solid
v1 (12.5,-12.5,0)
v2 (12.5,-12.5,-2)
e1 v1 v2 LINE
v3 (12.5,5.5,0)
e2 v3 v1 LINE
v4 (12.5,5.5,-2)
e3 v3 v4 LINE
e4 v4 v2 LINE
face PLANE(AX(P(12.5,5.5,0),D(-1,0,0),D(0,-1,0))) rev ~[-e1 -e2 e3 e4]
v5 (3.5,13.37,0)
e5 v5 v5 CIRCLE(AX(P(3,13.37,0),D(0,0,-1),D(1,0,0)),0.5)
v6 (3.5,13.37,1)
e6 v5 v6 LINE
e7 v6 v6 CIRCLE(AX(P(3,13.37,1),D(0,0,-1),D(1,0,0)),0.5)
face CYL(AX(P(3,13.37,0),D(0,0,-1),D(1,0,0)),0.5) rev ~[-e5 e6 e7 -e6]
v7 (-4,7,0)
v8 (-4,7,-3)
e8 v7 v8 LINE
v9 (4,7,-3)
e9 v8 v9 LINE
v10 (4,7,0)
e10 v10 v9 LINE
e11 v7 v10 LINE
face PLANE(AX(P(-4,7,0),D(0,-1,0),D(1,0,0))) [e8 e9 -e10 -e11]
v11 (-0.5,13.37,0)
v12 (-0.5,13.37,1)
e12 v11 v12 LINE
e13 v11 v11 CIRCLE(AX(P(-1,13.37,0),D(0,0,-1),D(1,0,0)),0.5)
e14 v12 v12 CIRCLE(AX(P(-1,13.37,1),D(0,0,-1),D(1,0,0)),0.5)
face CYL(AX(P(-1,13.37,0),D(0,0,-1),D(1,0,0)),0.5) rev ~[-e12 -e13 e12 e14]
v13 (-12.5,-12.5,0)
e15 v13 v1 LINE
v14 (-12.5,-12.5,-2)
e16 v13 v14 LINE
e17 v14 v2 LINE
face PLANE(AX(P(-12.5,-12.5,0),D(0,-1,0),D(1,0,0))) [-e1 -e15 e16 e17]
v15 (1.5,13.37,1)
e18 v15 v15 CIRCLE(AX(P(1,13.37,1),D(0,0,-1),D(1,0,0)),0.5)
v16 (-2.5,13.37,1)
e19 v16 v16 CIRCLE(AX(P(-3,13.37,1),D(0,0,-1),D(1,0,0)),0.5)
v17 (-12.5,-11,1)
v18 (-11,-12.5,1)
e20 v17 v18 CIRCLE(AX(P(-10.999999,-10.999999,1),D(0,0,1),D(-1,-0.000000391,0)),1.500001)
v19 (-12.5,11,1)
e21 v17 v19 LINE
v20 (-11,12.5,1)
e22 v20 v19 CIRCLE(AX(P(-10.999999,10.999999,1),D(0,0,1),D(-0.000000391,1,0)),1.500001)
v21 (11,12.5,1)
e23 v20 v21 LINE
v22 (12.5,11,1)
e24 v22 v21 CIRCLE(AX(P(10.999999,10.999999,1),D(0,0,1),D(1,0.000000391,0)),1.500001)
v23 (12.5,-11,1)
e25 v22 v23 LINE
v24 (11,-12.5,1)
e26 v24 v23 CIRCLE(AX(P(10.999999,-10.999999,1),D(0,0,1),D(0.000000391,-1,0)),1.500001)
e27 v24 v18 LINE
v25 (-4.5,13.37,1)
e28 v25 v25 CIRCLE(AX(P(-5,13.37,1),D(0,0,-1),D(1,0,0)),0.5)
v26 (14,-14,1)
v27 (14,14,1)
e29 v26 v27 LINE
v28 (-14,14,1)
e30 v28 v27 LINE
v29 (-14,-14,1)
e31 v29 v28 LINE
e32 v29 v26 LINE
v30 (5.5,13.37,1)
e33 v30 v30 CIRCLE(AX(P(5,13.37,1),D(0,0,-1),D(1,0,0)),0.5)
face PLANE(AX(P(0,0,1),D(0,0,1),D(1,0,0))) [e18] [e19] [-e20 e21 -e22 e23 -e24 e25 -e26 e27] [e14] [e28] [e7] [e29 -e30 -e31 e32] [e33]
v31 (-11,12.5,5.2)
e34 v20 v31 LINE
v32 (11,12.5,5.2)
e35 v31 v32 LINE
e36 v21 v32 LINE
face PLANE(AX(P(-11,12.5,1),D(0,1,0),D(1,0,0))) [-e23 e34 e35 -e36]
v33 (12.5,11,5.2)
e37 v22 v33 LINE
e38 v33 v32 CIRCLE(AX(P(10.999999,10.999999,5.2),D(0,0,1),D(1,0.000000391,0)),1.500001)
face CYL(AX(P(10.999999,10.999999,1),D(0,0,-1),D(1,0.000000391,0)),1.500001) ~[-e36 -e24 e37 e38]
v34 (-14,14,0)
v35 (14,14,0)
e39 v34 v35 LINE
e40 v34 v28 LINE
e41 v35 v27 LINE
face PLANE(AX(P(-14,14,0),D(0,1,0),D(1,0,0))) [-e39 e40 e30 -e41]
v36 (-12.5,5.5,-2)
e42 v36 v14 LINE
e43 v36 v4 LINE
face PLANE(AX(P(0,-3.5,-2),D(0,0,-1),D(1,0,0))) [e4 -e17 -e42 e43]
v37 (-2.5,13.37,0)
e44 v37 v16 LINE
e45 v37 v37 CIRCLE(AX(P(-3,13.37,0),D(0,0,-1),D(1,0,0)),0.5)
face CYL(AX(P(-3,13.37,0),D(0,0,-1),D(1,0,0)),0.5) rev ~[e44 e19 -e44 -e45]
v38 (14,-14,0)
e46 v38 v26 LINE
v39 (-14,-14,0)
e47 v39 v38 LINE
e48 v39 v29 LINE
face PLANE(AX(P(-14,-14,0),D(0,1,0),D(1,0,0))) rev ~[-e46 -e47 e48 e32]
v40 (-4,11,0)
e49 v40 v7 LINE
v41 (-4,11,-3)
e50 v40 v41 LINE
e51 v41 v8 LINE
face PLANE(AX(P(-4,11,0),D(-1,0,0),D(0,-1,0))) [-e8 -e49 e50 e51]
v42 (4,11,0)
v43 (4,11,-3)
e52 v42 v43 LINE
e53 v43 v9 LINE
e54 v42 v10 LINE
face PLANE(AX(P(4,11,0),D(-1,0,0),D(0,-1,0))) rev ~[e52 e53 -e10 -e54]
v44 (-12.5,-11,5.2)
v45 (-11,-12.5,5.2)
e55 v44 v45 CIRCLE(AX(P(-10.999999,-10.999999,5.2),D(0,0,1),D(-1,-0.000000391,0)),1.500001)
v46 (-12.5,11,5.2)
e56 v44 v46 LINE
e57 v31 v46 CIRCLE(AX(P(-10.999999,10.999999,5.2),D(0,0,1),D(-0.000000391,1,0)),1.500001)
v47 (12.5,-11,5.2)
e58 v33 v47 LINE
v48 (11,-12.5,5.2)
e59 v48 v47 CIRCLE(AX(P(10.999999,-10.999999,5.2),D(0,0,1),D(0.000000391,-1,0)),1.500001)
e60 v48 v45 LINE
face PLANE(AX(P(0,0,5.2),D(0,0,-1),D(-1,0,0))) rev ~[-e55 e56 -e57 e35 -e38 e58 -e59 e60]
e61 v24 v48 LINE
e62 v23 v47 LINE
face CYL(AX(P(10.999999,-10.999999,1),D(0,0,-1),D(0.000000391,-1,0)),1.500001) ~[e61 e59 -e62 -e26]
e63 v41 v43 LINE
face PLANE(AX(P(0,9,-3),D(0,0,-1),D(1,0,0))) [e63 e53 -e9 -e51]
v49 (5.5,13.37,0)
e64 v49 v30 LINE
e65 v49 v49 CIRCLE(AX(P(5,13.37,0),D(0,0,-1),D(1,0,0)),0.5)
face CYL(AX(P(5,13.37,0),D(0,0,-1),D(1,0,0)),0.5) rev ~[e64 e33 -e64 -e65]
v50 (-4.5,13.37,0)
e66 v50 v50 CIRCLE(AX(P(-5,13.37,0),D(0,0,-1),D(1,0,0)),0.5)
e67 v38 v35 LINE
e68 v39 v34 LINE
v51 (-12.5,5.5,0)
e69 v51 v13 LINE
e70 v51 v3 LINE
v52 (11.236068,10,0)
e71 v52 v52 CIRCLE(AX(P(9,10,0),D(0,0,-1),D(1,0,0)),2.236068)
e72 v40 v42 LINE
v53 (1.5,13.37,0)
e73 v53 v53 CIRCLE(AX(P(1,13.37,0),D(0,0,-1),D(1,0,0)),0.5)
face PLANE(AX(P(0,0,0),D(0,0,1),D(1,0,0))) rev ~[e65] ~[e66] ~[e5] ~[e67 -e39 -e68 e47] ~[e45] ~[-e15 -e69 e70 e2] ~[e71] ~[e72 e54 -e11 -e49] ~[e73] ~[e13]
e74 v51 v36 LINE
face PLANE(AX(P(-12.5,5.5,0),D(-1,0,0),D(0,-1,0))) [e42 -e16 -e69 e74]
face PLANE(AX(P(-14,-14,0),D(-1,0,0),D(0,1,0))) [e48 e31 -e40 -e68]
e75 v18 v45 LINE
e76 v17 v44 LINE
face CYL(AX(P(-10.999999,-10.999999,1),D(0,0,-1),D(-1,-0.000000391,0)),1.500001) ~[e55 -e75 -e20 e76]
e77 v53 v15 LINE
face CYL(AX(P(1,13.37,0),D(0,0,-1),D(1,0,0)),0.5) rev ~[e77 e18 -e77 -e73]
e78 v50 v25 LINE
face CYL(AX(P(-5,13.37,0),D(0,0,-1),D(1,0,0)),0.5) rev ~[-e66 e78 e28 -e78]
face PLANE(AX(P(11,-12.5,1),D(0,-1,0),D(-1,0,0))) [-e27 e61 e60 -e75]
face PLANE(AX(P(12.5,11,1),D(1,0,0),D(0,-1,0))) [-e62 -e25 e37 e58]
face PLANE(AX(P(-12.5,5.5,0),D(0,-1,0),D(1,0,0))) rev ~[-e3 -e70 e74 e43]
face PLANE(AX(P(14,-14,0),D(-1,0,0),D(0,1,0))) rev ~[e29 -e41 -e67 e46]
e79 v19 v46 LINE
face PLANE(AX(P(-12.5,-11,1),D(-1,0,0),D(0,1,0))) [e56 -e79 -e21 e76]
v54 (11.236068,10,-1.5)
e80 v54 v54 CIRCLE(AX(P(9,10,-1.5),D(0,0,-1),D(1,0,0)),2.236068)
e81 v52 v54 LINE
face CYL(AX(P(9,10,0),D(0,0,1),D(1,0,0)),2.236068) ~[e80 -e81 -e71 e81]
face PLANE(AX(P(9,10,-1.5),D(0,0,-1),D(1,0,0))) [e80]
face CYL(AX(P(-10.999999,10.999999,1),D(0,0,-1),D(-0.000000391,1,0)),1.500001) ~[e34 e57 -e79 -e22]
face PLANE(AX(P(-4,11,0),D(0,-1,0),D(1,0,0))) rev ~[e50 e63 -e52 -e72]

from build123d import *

# Parameters (mm, degrees)
SKETCH_W     = 28
SKETCH_H     = 28
PAD_DEPTH    = 1
PAD001_DEPTH = 4.2
SKETCH002_W  = 8
SKETCH002_H  = 4
PAD002_DEPTH = 3
SKETCH003_W  = 25
SKETCH003_H  = 18
PAD003_DEPTH = 2
SKETCH004_R  = 2.236068
PAD004_DEPTH = 1.5
SKETCH005_R  = 0.5
POCKET_DEPTH = 5.201


with BuildPart() as part:
    # Sketch → Pad (new body)
    with BuildSketch(Plane.XY):
        Rectangle(SKETCH_W, SKETCH_H)
    extrude(amount=PAD_DEPTH)

    # Sketch001 (on Face6 of Pad) → Pad001 (join)
    with BuildSketch(Plane.XY.offset(1)):
        with BuildLine():
            Line((-11, 12.5), (11, 12.5))
            ThreePointArc((12.5, 11), (12.06066, 12.06066), (11, 12.5))
            Line((12.5, 11), (12.5, -11))
            ThreePointArc((11, -12.5), (12.06066, -12.06066), (12.5, -11))
            Line((11, -12.5), (-11, -12.5))
            ThreePointArc((-12.5, -11), (-12.06066, -12.06066), (-11, -12.5))
            Line((-12.5, -11), (-12.5, 11))
            ThreePointArc((-11, 12.5), (-12.06066, 12.06066), (-12.5, 11))
        make_face()
    extrude(amount=PAD001_DEPTH)

    # Sketch002 (on Face4 of Pad001) → Pad002 (join)
    with BuildSketch(Plane(origin=(0, 0, 0), x_dir=(1, 0, 0), z_dir=(0, 0, -1))):
        with Locations((0, -9)):
            Rectangle(SKETCH002_W, SKETCH002_H)
    extrude(amount=PAD002_DEPTH)

    # Sketch003 (on Face4 of Pad002) → Pad003 (join)
    with BuildSketch(Plane(origin=(0, 0, 0), x_dir=(1, 0, 0), z_dir=(0, 0, -1))):
        with Locations((0, 3.5)):
            Rectangle(SKETCH003_W, SKETCH003_H)
    extrude(amount=PAD003_DEPTH)

    # Sketch004 (on Face4 of Pad003) → Pad004 (join)
    with BuildSketch(Plane(origin=(0, 0, 0), x_dir=(1, 0, 0), z_dir=(0, 0, -1))):
        with Locations((9, -10)):
            Circle(SKETCH004_R)
    extrude(amount=PAD004_DEPTH)

    # Sketch005 (on Face4 of Pad004) → Pocket (cut, through all)
    with BuildSketch(Plane(origin=(0, 0, 0), x_dir=(1, 0, 0), z_dir=(0, 0, -1))):
        with Locations((-5, -13.37)):
            Circle(SKETCH005_R)
        with Locations((-3, -13.37)):
            Circle(SKETCH005_R)
        with Locations((-1, -13.37)):
            Circle(SKETCH005_R)
        with Locations((1, -13.37)):
            Circle(SKETCH005_R)
        with Locations((3, -13.37)):
            Circle(SKETCH005_R)
        with Locations((5, -13.37)):
            Circle(SKETCH005_R)
    extrude(amount=-POCKET_DEPTH, mode=Mode.SUBTRACT)


solid = part.part
